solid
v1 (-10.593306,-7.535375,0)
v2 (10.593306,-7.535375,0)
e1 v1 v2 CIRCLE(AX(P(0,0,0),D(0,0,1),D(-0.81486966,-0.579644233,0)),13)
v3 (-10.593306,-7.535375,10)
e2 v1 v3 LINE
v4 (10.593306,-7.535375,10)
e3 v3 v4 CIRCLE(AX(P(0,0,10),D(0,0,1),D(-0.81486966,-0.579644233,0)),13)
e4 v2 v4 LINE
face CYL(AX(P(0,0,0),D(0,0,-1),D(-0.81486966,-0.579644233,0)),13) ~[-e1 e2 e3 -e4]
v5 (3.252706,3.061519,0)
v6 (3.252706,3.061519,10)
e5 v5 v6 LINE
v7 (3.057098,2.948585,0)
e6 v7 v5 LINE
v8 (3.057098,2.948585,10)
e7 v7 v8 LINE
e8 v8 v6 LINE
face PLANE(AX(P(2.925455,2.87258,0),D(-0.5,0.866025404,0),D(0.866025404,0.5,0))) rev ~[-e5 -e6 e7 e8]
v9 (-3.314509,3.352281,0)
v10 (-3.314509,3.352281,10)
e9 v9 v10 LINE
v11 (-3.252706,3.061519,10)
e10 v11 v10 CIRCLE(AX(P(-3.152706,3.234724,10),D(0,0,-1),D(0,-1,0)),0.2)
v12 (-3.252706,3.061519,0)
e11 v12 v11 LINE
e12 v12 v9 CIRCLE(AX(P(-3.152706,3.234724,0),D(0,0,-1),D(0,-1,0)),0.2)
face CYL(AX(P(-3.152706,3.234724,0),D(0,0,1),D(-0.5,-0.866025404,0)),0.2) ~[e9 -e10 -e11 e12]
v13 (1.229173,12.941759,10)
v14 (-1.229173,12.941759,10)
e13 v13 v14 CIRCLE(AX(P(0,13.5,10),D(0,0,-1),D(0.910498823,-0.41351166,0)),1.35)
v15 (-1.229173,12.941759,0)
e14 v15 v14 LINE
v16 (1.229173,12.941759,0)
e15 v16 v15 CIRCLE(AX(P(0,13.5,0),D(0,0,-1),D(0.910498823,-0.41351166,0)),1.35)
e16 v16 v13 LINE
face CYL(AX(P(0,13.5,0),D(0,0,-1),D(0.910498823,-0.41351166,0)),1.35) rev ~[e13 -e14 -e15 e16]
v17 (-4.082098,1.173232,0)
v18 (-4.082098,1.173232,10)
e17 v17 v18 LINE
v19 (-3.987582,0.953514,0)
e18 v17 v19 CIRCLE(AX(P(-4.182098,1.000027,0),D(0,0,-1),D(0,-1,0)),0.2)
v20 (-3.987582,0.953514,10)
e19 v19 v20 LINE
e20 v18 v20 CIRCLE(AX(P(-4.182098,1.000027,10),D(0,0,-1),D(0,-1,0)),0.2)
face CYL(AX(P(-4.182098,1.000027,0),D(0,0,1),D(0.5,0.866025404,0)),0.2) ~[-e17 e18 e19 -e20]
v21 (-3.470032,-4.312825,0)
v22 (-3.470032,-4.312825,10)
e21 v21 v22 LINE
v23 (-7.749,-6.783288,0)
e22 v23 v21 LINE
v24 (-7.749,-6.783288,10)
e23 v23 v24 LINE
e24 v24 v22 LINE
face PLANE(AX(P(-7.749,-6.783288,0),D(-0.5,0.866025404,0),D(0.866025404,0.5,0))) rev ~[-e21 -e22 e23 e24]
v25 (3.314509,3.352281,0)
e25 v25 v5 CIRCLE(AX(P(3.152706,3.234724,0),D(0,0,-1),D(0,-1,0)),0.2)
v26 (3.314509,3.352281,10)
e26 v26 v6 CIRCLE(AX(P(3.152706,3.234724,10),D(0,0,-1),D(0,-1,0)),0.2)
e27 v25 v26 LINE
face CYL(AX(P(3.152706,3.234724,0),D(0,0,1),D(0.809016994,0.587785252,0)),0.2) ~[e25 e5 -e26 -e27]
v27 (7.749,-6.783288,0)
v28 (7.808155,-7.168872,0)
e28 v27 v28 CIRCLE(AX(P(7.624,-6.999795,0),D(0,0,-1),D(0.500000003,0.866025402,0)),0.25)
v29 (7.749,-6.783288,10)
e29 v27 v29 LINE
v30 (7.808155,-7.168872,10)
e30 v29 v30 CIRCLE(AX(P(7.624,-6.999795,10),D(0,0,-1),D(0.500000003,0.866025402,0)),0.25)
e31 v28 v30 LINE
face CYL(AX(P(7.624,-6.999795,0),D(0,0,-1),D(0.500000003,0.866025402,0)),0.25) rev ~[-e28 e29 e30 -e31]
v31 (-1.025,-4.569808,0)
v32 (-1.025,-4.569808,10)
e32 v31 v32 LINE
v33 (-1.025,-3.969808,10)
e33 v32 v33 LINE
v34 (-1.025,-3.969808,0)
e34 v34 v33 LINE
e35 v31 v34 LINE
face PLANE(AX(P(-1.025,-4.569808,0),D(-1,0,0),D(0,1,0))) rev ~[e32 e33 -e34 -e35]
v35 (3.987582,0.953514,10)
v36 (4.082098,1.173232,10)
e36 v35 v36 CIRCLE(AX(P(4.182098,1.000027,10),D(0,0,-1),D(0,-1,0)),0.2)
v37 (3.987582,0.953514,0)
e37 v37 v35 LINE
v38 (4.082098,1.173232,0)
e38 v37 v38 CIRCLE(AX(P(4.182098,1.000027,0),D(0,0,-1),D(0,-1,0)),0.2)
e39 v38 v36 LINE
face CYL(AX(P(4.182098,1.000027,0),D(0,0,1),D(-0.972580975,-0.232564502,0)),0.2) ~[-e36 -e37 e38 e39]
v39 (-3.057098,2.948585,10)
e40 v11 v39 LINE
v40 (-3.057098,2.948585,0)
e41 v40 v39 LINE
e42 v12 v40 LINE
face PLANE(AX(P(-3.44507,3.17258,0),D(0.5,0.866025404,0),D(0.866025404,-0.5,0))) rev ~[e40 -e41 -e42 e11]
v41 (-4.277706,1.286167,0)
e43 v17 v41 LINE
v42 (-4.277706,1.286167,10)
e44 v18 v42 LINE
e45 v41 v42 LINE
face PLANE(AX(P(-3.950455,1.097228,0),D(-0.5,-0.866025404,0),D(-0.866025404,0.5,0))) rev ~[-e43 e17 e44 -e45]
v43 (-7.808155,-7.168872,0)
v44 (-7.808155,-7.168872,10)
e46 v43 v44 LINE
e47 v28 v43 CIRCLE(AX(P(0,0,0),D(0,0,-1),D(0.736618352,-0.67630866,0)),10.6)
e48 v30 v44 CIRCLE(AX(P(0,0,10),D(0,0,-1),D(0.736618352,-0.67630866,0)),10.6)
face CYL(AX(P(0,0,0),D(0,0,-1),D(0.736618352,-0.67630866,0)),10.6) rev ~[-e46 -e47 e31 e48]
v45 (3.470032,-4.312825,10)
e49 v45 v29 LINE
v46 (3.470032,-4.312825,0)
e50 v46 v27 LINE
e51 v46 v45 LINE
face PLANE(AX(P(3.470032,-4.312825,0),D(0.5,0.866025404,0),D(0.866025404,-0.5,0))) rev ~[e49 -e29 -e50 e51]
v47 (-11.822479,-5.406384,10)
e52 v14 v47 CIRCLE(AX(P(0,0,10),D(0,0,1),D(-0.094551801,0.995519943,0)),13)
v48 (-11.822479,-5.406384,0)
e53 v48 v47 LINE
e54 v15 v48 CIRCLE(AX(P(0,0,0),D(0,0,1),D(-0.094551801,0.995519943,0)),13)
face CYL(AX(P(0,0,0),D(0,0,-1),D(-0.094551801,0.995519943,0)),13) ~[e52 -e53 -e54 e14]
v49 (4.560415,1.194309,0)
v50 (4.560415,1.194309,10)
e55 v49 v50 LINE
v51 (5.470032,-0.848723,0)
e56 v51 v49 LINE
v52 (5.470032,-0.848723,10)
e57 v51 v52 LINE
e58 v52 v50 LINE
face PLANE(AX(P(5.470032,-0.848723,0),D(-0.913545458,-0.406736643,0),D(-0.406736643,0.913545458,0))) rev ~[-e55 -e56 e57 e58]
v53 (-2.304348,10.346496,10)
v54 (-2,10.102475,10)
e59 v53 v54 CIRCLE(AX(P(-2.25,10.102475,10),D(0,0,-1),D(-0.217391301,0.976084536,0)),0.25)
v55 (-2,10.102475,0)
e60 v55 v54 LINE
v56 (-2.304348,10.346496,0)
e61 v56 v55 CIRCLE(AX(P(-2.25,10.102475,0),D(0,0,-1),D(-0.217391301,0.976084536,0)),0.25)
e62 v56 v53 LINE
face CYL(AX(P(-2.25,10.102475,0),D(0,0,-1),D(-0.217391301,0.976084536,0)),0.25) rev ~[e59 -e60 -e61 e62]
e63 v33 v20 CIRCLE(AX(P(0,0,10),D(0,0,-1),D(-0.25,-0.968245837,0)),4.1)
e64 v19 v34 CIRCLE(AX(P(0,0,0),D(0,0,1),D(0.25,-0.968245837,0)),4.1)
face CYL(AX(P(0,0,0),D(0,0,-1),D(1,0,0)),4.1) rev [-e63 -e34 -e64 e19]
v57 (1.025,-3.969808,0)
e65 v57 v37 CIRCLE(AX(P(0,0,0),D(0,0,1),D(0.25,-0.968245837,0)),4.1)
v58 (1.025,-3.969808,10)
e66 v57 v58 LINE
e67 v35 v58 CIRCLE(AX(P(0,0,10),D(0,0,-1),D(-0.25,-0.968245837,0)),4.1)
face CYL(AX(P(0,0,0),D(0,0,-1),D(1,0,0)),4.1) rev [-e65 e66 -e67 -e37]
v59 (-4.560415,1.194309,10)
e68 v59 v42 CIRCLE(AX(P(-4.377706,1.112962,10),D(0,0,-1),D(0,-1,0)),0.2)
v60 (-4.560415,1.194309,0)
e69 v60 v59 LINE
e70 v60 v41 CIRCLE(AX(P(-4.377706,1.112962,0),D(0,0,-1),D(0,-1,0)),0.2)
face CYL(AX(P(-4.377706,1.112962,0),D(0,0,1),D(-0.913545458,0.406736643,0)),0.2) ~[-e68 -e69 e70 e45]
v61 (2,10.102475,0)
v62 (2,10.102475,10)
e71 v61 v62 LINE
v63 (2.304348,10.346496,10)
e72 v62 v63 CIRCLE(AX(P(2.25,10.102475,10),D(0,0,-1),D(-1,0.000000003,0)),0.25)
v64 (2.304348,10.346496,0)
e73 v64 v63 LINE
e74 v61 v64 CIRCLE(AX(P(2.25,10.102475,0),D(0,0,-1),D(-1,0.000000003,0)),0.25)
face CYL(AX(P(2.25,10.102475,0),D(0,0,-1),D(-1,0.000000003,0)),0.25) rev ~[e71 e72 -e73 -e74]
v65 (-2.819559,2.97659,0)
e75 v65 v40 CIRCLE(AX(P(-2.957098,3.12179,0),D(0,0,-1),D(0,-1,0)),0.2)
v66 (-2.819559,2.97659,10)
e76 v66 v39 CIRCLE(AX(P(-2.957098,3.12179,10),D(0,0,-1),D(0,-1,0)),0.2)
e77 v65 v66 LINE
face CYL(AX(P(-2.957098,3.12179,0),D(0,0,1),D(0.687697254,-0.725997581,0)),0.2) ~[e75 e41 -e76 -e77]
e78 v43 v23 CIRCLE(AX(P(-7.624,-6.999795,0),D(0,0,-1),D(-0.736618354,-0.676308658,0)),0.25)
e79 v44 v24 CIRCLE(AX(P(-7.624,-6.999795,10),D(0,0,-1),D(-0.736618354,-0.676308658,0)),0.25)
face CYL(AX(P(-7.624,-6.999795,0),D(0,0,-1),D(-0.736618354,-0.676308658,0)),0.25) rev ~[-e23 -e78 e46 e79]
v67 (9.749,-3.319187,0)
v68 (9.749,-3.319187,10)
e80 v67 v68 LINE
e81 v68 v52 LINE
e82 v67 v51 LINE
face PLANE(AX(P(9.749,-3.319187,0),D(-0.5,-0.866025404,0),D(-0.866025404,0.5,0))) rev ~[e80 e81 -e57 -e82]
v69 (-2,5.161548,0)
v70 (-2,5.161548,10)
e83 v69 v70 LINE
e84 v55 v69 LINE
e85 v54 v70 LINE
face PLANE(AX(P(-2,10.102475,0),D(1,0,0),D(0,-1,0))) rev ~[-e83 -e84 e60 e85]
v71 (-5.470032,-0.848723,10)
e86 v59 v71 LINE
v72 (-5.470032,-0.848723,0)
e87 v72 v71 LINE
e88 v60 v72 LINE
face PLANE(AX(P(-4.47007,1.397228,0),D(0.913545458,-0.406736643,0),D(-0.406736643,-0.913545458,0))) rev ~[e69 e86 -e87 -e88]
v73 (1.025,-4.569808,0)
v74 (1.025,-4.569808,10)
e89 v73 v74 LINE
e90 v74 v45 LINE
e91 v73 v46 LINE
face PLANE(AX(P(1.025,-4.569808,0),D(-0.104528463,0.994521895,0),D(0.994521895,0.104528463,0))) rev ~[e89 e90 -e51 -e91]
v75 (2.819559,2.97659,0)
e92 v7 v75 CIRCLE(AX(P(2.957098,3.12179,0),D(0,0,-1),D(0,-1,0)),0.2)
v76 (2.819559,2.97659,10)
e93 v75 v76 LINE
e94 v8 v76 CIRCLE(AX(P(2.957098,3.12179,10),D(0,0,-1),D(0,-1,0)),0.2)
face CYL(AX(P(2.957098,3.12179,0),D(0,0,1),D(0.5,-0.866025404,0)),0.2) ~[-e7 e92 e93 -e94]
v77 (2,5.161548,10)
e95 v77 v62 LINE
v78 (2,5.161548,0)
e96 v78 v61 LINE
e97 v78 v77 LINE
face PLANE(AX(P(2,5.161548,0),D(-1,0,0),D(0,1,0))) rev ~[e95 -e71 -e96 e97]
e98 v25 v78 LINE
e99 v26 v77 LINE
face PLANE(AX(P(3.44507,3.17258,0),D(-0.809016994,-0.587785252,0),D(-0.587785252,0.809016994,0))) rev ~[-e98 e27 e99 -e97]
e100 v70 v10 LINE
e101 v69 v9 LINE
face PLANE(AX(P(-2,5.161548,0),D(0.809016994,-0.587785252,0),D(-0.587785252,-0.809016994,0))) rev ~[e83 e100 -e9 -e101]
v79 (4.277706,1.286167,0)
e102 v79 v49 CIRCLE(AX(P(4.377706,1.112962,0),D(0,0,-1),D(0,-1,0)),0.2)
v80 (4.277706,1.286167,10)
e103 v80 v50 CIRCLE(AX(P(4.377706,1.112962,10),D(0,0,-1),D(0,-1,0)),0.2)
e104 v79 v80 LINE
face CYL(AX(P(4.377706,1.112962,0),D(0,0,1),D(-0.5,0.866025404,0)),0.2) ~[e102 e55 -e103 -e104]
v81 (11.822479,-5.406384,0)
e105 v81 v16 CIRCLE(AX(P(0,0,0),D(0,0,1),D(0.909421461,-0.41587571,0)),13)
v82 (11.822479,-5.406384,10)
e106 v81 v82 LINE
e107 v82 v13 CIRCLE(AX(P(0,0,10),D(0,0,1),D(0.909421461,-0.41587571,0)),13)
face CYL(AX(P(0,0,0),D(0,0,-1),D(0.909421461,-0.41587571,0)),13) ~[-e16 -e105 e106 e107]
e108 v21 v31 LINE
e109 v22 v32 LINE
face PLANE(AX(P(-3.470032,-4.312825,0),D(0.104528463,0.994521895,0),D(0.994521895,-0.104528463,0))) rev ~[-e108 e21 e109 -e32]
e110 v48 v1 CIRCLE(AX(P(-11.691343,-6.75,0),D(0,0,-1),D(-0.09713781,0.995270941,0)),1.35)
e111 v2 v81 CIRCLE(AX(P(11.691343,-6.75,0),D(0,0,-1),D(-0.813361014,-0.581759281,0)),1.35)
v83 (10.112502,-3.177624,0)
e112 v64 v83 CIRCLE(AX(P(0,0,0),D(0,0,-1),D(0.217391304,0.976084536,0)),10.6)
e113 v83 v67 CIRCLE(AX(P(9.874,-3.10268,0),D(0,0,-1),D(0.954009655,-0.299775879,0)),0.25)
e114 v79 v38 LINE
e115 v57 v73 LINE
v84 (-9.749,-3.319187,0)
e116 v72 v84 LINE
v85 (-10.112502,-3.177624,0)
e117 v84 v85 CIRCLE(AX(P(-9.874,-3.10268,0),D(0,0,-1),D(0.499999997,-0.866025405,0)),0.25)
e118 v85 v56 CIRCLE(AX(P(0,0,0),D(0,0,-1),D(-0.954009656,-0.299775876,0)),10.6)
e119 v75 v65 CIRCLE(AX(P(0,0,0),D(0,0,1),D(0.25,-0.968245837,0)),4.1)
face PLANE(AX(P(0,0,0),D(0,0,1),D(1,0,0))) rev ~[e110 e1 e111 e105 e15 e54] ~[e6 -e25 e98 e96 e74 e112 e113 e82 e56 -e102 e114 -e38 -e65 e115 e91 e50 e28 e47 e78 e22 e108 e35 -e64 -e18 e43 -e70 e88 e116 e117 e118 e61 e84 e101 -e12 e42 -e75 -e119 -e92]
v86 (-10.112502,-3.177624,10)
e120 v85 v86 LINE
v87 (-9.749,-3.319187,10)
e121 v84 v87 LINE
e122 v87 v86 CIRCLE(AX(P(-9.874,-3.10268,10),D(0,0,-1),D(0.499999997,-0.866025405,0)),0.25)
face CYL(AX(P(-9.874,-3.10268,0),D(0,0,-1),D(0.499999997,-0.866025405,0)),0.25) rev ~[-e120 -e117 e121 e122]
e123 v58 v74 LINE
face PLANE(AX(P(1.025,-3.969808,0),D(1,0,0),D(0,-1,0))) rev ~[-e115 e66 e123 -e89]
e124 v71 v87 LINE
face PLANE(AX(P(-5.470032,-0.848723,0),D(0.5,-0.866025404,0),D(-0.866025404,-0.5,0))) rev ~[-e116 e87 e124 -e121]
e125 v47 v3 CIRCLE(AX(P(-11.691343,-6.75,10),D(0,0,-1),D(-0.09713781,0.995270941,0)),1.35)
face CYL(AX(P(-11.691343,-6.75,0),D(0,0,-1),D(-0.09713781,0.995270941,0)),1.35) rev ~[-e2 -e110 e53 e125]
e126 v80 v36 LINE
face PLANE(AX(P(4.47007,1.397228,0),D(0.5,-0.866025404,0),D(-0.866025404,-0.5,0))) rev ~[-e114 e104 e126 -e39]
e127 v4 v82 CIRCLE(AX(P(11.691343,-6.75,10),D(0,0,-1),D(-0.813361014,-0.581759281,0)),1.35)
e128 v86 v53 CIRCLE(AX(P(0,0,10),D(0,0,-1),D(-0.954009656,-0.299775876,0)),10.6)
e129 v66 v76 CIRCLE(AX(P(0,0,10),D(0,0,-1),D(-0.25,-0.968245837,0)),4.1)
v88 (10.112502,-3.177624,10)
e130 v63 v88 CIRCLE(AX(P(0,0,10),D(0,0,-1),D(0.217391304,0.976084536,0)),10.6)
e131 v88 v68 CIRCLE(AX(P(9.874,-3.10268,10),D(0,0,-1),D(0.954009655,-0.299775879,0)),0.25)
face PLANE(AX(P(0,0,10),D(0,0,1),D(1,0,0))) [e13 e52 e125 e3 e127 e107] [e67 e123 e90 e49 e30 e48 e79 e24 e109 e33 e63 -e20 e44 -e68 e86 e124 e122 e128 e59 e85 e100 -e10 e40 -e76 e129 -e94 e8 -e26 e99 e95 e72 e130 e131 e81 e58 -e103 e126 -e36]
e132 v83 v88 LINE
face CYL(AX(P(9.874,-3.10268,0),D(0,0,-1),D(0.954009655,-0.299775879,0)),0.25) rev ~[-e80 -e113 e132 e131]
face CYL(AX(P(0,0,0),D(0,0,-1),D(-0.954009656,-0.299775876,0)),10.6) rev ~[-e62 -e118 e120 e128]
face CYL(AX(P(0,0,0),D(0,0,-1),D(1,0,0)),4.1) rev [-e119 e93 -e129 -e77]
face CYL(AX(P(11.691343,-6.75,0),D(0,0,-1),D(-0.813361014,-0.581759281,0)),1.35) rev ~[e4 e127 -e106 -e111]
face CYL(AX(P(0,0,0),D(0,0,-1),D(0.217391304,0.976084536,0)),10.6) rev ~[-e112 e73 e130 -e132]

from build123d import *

# Parameters (mm, degrees)
SKETCH_1_R               = 4.1
EXTRUDE_1_DEPTH          = 10
CUT_EXTRUDE_1_DEPTH      = 10
PATTERN_CIRCULAR_1_COUNT = 3
FILLET_1_R               = 0.2


with BuildPart() as part:
    # 草图1 → 凸台-拉伸1 (new body)
    with BuildSketch(Plane.XY):
        with BuildLine():
            ThreePointArc((-1.229173411, 12.941759259), (-11.258330249, 6.5), (-11.822478994, -5.40638423))
            ThreePointArc((-11.822478994, -5.40638423), (-10.522208656, -6.075), (-10.593305582, -7.53537503))
            ThreePointArc((-10.593305582, -7.53537503), (0, -13), (10.593305582, -7.53537503))
            ThreePointArc((10.593305582, -7.53537503), (10.522208656, -6.075), (11.822478994, -5.40638423))
            ThreePointArc((11.822478994, -5.40638423), (11.258330249, 6.5), (1.229173411, 12.941759259))
            ThreePointArc((1.229173411, 12.941759259), (0, 12.15), (-1.229173411, 12.941759259))
        make_face()
        Circle(SKETCH_1_R, mode=Mode.SUBTRACT)
    extrude(amount=EXTRUDE_1_DEPTH)

    # 草图2 → 切除-拉伸1 (cut)
    with BuildSketch(Plane.XY):
        with BuildLine():
            Line((-7.748999943, -6.78328828), (-3.470031597, -4.312824754))
            Line((-3.470031597, -4.312824754), (-1.025, -4.56980793))
            Line((-1.025, -4.56980793), (-1.025, -3.96980793))
            ThreePointArc((-1.025, -3.96980793), (0, -4.1), (1.025, -3.96980793))
            Line((1.025, -3.96980793), (1.025, -4.56980793))
            Line((1.025, -4.56980793), (3.470031597, -4.312824754))
            Line((3.470031597, -4.312824754), (7.748999943, -6.78328828))
            ThreePointArc((7.748999943, -6.78328828), (7.871108829, -6.961884233), (7.808154531, -7.168871796))
            ThreePointArc((7.808154531, -7.168871796), (0, -10.6), (-7.808154531, -7.168871796))
            ThreePointArc((-7.808154531, -7.168871796), (-7.871108829, -6.961884233), (-7.748999943, -6.78328828))
        make_face()
    cut_extrude_1 = extrude(amount=CUT_EXTRUDE_1_DEPTH, mode=Mode.SUBTRACT)

    # 阵列(圆周)1: 切除-拉伸1 ×3 about axis
    pattern_circular_1_axis = Axis((0, 0, 0), (0, 0, 1))
    for i in range(1, PATTERN_CIRCULAR_1_COUNT):
        add(cut_extrude_1.rotate(pattern_circular_1_axis, i * 360 / PATTERN_CIRCULAR_1_COUNT), mode=Mode.SUBTRACT)

    # 圆角1
    fillet_1_edges = [part.edges().sort_by_distance(p)[0] for p in [
        (3.445069758, 3.172580004, 5),
        (2.925454515, 2.872580004, 5),
        (3.950454515, 1.097227926, 5),
        (4.470069758, 1.397227926, 5),
        (-4.470069758, 1.397227926, 5),
        (-3.950454515, 1.097227926, 5),
        (-2.925454515, 2.872580004, 5),
        (-3.445069758, 3.172580004, 5),
    ]]
    fillet(fillet_1_edges, radius=FILLET_1_R)


solid = part.part
